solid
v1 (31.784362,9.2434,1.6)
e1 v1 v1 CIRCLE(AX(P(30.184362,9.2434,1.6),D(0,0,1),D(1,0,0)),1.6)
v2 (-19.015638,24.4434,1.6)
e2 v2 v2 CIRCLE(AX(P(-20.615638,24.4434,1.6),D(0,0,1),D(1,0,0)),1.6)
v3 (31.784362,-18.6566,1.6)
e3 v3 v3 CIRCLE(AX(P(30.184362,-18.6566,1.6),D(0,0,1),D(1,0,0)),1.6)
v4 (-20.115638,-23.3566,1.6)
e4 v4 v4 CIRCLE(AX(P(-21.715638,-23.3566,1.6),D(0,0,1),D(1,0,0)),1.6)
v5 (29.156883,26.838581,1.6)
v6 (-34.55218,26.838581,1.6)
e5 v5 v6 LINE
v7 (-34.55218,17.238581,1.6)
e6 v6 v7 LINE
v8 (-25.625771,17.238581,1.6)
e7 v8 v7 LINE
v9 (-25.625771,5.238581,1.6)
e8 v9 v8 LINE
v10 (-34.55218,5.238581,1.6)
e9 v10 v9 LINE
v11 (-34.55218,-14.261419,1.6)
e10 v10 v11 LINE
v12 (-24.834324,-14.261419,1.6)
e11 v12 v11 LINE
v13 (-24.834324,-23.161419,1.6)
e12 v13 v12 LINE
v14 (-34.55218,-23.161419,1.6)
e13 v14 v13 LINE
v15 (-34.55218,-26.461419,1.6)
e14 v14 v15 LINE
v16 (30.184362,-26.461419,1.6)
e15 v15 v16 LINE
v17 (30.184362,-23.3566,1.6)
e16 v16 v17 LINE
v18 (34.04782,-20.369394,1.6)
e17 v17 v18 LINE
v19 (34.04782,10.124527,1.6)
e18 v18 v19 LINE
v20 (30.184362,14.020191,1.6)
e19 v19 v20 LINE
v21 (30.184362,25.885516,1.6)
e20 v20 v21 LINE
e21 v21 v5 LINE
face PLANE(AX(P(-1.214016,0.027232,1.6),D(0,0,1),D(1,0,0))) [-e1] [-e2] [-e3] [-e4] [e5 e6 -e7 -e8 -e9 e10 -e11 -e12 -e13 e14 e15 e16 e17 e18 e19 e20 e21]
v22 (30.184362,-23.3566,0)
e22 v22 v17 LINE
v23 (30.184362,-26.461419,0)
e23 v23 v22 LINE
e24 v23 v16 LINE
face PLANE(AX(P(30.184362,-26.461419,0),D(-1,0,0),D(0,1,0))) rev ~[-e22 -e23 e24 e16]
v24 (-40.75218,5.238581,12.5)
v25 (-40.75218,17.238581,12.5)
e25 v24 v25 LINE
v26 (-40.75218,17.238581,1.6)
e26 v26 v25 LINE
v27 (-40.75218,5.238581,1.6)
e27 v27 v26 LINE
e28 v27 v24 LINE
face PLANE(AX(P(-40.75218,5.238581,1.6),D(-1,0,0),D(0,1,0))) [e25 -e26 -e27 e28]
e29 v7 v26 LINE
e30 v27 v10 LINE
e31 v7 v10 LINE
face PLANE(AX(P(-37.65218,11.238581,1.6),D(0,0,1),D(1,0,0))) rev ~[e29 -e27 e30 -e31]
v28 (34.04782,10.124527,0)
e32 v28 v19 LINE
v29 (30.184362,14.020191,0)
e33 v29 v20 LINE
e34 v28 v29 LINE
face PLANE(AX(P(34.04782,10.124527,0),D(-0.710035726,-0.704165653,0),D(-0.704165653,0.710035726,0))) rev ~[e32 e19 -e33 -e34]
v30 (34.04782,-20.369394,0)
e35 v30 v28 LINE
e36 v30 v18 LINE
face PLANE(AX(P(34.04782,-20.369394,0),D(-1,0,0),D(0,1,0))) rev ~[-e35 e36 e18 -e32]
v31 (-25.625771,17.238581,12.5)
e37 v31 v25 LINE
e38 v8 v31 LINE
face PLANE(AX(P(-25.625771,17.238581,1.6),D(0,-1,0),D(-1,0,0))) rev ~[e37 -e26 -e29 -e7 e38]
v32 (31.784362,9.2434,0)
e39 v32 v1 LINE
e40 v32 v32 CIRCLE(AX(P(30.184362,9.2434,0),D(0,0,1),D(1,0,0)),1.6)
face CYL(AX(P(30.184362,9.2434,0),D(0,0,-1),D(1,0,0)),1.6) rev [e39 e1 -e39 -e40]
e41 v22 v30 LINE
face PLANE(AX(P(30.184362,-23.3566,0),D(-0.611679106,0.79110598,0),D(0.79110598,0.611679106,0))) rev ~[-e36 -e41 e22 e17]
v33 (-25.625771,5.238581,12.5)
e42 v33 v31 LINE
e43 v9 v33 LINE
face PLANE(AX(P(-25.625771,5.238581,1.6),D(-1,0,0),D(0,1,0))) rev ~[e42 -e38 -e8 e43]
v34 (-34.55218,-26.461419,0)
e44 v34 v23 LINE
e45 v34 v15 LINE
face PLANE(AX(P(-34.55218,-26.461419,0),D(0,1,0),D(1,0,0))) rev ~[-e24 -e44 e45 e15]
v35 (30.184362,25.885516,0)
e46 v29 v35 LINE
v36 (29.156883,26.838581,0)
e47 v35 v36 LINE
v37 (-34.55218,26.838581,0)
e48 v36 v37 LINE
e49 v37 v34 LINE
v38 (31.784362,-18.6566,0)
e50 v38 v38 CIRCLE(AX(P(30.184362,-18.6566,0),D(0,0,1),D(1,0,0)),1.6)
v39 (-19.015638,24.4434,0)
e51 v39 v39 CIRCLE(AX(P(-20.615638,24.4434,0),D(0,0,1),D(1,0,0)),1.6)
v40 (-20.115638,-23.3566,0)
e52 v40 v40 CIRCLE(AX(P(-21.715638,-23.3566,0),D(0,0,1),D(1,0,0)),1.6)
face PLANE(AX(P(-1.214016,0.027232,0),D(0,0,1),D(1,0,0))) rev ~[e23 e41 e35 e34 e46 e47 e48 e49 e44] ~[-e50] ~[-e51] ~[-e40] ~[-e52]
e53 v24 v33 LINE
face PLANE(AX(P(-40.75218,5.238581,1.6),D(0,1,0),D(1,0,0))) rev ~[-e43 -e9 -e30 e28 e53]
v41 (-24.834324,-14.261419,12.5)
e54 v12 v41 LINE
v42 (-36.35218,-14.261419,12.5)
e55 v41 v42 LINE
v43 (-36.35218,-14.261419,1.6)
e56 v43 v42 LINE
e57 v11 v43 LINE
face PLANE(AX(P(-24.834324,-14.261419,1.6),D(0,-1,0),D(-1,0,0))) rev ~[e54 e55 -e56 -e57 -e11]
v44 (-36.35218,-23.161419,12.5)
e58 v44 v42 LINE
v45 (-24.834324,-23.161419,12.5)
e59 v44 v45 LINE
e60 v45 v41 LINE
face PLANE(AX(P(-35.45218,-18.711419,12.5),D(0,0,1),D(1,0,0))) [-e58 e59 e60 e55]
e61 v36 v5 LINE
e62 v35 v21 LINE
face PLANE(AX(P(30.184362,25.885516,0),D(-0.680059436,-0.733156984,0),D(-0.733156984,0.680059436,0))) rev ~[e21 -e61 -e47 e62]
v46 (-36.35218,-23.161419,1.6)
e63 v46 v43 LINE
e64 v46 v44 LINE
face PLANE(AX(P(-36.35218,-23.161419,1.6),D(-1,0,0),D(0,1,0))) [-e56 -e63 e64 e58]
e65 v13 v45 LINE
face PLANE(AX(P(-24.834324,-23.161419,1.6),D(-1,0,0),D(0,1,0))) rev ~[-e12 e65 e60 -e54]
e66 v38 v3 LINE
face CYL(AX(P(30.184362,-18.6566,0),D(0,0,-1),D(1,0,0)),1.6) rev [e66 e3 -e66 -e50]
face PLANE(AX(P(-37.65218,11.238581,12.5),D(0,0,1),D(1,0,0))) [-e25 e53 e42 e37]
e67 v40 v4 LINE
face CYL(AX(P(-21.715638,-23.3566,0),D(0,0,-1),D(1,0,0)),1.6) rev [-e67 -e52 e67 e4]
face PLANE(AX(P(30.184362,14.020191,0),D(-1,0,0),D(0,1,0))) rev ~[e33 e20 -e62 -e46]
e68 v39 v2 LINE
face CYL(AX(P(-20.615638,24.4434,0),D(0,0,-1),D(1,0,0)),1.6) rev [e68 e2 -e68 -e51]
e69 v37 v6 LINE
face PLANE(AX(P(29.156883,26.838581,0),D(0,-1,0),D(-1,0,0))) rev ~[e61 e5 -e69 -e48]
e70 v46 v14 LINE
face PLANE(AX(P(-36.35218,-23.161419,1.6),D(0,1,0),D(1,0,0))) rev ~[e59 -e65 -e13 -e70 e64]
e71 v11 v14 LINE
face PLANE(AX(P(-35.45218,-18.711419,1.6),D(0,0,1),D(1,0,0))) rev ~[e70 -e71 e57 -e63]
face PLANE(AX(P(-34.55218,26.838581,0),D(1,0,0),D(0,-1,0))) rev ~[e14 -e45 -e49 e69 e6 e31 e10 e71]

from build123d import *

# Parameters (mm, degrees)
F0_R     = 1.6
F1_DEPTH = 1.6
F2_W     = 6.2
F2_H     = 12
F2_W_2   = 8.9264095291
F2_W_3   = 1.8
F2_H_2   = 8.9
F2_W_4   = 9.7178567663
F3_DEPTH = 10.9


with BuildPart() as f1:
    # F0 (on Top) → F1 (new body)
    with BuildSketch(Plane.XY):
        Polygon((29.1568834364, 26.8385808785), (-34.552180326, 26.8385808785), (-34.552180326, -26.4614191215), (30.1843619615, -26.4614191215), (30.1843619615, -23.3565997332), (34.047819674, -20.3693939492), (34.047819674, 10.1245269179), (30.1843619615, 14.0201912264), (30.1843619615, 25.8855155986), align=None)
        with Locations((-21.7156380385, -23.3565997332)):
            Circle(F0_R, mode=Mode.SUBTRACT)
        with Locations((30.1843619615, -18.6565997332)):
            Circle(F0_R, mode=Mode.SUBTRACT)
        with Locations((-20.6156380385, 24.4434002668)):
            Circle(F0_R, mode=Mode.SUBTRACT)
        with Locations((30.1843619615, 9.2434002668)):
            Circle(F0_R, mode=Mode.SUBTRACT)
    extrude(amount=F1_DEPTH)

    # F2 (on face) → F3 (join)
    with BuildSketch(Plane.XY.offset(1.6)):
        with Locations((-37.652180326, 11.2385808785)):
            Rectangle(F2_W, F2_H)
        with Locations((-30.0889755614, 11.2385808785)):
            Rectangle(F2_W_2, F2_H)
        with Locations((-35.452180326, -18.7114191215)):
            Rectangle(F2_W_3, F2_H_2)
        with Locations((-29.6932519429, -18.7114191215)):
            Rectangle(F2_W_4, F2_H_2)
    extrude(amount=F3_DEPTH)


solid = f1.part
